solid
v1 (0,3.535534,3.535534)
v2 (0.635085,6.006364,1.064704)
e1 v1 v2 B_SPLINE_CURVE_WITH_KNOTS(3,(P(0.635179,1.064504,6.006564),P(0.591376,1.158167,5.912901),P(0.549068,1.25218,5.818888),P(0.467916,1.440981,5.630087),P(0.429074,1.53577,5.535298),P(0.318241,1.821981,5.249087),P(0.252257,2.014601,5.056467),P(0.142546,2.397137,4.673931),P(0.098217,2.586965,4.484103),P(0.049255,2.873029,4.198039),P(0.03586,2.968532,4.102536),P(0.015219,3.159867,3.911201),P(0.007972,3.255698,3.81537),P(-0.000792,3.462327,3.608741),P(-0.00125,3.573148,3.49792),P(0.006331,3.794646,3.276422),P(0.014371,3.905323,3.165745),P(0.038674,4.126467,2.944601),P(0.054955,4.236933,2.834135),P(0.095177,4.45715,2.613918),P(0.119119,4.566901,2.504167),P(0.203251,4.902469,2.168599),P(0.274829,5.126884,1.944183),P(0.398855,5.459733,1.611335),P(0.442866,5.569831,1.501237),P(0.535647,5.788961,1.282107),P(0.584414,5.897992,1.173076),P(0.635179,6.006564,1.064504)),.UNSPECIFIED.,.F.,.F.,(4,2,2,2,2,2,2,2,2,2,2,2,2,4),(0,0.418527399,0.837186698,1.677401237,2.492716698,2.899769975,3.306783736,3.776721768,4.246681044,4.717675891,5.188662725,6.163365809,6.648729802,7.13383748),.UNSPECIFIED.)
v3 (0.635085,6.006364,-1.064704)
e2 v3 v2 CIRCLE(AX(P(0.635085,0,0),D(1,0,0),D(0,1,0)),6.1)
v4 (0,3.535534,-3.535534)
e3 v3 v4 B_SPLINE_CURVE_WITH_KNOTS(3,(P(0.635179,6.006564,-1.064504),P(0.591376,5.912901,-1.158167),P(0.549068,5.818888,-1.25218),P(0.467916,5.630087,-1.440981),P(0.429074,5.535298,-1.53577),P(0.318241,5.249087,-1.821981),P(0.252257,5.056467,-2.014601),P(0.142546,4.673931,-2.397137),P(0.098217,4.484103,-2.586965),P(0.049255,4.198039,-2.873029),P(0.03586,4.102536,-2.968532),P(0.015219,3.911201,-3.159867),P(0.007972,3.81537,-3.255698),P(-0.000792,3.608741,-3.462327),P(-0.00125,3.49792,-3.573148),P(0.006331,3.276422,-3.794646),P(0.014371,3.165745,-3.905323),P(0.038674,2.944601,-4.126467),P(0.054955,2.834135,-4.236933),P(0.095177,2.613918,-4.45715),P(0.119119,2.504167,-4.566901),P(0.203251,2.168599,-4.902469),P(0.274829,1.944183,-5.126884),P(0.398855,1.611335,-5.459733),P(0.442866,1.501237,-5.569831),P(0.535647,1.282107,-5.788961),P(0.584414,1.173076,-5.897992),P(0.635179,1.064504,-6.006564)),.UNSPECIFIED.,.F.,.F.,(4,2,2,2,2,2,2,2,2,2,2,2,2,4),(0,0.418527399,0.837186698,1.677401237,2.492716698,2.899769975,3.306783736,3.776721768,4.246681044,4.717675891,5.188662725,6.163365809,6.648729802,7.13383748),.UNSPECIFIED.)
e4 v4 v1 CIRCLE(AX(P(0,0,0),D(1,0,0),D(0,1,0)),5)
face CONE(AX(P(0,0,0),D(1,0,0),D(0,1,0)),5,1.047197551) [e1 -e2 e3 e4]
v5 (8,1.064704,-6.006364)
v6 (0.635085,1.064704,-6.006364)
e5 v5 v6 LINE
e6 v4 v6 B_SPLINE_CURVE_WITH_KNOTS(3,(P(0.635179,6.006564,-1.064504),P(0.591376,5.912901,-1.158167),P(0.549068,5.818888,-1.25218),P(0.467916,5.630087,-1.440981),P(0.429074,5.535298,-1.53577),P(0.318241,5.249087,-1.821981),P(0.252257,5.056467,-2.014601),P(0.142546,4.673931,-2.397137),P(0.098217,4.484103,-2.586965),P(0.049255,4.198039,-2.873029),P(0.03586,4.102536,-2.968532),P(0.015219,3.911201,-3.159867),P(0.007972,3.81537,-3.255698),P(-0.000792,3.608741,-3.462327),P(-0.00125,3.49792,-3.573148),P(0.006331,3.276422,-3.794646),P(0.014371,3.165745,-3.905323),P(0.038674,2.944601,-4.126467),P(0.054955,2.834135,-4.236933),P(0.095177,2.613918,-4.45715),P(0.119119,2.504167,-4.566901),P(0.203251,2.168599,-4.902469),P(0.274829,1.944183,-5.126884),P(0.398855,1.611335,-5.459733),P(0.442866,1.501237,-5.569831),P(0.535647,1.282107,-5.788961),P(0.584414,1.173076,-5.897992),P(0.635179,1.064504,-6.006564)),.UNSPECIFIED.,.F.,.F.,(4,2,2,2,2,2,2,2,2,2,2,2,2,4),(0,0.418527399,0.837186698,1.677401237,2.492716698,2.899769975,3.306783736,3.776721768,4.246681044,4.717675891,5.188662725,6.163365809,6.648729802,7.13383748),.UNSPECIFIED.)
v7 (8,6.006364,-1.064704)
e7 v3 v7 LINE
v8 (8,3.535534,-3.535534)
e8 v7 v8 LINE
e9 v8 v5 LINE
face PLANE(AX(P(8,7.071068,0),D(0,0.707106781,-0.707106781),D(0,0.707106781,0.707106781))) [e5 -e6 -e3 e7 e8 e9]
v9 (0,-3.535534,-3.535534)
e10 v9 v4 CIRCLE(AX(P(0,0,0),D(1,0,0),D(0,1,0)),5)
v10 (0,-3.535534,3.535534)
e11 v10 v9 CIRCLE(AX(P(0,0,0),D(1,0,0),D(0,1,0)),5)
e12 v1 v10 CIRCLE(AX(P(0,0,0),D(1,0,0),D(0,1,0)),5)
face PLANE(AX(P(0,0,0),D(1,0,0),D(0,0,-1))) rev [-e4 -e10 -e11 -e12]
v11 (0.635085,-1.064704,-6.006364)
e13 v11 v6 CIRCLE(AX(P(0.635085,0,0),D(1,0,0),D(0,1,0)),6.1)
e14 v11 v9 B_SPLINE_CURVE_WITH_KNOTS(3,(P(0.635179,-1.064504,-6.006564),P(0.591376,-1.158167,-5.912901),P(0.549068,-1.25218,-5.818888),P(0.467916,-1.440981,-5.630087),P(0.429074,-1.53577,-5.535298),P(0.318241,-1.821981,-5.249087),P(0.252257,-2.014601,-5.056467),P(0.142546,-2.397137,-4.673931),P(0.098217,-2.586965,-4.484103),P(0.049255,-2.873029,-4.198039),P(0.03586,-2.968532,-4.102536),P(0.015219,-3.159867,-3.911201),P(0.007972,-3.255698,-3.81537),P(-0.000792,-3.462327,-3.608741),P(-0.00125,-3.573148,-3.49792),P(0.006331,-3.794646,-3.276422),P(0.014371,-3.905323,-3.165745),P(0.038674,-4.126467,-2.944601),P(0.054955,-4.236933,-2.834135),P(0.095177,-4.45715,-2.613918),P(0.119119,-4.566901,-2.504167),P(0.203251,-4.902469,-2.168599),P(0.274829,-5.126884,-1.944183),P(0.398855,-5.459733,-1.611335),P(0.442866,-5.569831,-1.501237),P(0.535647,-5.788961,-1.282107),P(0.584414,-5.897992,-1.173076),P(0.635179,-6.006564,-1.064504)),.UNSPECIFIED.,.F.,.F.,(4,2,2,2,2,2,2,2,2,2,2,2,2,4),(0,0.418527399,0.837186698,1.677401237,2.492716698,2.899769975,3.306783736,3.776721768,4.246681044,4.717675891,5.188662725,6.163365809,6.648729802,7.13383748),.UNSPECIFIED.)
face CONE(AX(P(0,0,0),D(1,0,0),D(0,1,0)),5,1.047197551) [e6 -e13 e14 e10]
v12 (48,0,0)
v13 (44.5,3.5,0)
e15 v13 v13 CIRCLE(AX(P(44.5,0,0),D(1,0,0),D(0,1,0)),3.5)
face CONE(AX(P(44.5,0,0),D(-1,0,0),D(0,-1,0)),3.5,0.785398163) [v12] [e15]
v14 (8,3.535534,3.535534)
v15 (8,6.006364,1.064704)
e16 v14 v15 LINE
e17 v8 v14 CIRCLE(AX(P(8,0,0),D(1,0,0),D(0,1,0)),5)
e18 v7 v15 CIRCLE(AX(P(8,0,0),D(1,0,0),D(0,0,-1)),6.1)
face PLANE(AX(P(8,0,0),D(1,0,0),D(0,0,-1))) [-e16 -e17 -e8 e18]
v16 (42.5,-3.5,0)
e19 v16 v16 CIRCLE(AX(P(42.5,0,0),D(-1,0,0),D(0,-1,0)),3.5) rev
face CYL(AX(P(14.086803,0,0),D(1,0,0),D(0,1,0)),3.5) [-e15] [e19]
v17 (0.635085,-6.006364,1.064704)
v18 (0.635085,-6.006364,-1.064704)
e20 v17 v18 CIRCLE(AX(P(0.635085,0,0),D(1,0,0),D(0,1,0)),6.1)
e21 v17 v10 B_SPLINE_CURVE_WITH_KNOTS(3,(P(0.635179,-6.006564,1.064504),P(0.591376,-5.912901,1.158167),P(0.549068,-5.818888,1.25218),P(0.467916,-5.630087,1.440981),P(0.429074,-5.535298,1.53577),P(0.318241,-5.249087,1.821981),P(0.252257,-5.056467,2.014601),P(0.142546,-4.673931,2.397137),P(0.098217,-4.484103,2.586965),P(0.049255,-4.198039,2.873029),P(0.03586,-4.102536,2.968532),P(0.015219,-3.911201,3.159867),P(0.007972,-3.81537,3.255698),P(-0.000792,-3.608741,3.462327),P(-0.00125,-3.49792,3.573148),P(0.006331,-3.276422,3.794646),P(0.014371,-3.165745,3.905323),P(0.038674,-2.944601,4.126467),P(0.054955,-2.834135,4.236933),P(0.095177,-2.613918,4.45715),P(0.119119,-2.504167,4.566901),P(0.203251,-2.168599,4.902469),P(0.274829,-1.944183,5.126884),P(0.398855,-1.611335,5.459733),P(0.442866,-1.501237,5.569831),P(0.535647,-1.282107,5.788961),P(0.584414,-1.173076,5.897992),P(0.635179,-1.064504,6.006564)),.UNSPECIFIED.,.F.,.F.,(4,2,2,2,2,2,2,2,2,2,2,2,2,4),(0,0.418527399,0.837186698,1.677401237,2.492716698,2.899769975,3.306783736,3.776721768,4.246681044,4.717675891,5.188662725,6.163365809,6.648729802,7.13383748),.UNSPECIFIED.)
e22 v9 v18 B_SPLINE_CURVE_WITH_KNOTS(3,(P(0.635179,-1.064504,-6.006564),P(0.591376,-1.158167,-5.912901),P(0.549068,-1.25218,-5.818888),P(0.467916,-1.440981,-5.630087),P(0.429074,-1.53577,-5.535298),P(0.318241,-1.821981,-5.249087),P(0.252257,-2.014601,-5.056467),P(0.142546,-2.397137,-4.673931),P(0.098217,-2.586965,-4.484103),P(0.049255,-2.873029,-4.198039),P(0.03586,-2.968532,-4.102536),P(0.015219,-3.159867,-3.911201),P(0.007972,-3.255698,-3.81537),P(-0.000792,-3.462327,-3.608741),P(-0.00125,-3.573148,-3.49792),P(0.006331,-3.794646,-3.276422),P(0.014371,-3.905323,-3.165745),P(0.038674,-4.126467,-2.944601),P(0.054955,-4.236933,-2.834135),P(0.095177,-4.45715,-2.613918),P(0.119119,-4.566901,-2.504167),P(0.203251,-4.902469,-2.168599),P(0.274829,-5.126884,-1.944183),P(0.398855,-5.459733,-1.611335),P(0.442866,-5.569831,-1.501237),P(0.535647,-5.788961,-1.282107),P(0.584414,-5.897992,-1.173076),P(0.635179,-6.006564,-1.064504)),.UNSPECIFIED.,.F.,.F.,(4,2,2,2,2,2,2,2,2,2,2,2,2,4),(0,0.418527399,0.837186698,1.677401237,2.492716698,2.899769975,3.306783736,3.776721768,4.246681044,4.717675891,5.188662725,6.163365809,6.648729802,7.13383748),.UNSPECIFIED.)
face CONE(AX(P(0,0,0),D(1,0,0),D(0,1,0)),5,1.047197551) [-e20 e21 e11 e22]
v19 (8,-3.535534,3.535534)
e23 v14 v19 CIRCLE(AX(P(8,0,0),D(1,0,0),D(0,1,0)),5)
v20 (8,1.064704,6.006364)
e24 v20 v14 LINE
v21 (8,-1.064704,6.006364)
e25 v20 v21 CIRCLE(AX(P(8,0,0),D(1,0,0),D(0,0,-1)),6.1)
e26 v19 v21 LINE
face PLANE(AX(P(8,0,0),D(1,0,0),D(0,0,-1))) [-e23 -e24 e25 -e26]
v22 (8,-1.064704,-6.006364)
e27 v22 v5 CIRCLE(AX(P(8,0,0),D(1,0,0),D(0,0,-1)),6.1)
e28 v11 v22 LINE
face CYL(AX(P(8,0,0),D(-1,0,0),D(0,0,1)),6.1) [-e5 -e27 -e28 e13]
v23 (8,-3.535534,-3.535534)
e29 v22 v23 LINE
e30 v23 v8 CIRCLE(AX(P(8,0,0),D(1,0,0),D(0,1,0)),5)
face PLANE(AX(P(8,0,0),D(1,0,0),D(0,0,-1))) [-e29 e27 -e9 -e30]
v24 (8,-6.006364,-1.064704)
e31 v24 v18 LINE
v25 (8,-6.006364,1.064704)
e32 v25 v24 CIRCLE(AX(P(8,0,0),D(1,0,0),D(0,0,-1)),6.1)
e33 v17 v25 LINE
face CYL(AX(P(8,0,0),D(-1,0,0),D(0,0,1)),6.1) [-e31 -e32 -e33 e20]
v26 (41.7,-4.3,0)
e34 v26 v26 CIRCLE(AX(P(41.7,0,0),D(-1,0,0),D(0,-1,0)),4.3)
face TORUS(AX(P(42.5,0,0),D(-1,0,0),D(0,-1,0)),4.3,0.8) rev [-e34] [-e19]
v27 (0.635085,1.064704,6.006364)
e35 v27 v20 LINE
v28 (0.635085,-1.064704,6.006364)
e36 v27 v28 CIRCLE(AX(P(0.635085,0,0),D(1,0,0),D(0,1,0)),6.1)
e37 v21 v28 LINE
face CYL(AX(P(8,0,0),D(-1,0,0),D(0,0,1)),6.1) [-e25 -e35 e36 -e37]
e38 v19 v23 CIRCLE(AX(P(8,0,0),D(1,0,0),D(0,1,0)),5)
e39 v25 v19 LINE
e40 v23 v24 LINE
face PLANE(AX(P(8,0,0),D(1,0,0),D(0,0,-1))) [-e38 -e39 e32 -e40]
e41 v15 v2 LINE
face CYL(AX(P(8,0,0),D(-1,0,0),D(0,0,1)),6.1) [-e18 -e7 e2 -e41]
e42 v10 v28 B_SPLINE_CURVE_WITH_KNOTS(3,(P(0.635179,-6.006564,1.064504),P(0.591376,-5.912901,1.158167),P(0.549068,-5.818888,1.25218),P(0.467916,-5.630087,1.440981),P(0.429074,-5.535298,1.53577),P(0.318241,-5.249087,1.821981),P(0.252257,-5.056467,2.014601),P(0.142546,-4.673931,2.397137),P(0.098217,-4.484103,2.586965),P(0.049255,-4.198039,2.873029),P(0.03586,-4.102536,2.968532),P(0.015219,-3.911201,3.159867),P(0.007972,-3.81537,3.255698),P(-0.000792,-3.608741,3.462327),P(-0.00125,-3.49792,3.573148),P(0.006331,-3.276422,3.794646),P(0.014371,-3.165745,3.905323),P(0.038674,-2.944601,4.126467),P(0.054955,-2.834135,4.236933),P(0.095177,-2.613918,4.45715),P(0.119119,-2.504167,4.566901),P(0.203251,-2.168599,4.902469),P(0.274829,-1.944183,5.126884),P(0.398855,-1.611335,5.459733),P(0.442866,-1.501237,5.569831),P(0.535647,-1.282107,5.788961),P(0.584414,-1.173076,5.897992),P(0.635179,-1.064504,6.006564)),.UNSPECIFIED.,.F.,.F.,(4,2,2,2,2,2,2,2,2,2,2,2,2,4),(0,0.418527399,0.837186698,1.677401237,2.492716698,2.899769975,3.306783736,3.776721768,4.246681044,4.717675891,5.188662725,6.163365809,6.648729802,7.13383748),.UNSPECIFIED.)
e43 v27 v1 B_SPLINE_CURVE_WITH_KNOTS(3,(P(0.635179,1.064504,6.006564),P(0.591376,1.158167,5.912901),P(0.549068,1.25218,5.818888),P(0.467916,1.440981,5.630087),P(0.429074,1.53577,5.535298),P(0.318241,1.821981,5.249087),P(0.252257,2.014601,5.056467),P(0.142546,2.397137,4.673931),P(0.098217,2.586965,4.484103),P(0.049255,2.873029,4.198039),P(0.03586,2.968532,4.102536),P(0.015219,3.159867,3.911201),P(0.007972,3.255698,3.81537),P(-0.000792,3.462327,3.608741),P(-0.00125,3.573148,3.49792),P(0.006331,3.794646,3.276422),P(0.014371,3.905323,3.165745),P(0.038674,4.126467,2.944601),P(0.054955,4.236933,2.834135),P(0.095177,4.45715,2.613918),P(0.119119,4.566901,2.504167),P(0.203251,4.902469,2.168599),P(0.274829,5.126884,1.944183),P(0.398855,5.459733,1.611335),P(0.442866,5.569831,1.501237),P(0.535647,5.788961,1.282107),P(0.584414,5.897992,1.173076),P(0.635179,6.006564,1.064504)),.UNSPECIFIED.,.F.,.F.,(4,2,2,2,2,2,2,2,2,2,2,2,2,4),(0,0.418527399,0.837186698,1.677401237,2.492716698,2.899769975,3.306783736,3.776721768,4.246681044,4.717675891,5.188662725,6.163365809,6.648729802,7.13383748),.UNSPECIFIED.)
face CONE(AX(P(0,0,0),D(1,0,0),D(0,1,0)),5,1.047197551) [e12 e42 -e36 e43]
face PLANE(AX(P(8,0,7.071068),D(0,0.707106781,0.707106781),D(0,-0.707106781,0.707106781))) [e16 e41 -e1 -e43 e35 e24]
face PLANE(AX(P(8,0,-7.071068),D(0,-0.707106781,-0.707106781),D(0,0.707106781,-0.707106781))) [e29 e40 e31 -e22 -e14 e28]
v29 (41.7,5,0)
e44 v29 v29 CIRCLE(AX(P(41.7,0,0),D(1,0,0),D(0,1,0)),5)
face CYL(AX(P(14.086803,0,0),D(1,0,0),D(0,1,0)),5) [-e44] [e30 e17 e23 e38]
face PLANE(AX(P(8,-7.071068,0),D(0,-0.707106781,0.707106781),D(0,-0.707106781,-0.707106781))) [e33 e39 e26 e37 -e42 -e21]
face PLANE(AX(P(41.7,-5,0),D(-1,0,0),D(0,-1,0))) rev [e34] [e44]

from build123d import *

# Parameters (mm, degrees)
SKETCH1_R          = 6.1
BASEHEAD_DEPTH     = 8
SKETCH2_OUTSIDE_W  = 18.004
SKETCH2_OUTSIDE_H  = 18.004
CUT_EXTRUDE1_DEPTH = 8
FILLET1_R          = 0.8


with BuildPart() as part:
    # Sketch1 → BaseHead (new body)
    with BuildSketch(Plane(origin=(0, 0, 0), x_dir=(0, 0, -1), z_dir=(1, 0, 0))):
        Circle(SKETCH1_R)
    extrude(amount=BASEHEAD_DEPTH)

    # Sketch2 outside → Cut-Extrude1 (cut)
    with BuildSketch(Plane(origin=(0, 2.662946325, -1.492108674), x_dir=(0, 0, 1), z_dir=(-1, 0, 0))):
        with Locations((1.492, -2.663)):
            Rectangle(SKETCH2_OUTSIDE_W, SKETCH2_OUTSIDE_H)
        Polygon((8.563176486, -2.662946325), (1.492108674, 4.408121487), (-5.578959138, -2.662946325), (1.492108674, -9.734014137), align=None, mode=Mode.SUBTRACT)
    extrude(amount=-CUT_EXTRUDE1_DEPTH, mode=Mode.SUBTRACT)

    # Sketch3 → Cut-Revolve1 (revolve, cut)
    with BuildSketch(Plane(origin=(1.259716749, -5.274716749, 0), x_dir=(0, -1, 0), z_dir=(0, 0, 1))):
        Polygon((-11.984716749, -1.259716749), (-10.274716749, -1.259716749), (-11.984716749, -0.272447788), align=None)
    revolve(axis=Axis((1.545283251, 0, 0), (-1, 0, 0)), mode=Mode.SUBTRACT)

    # Sketch4 → BaseBody (revolve)
    with BuildSketch(Plane(origin=(-10.34721472, 12.84721472, 0), x_dir=(0, -1, 0), z_dir=(0, 0, 1)), mode=Mode.PRIVATE) as basebody_sk:
        Polygon((12.84721472, 18.34721472), (17.84721472, 18.34721472), (17.84721472, 52.04721472), (16.34721472, 52.04721472), (16.34721472, 54.84721472), (12.84721472, 58.34721472), align=None)
    revolve(basebody_sk.sketch.rotate(Axis((14.086803097, 0, 0), (-1, 0, 0)), 180), axis=Axis((14.086803097, 0, 0), (-1, 0, 0)))

    # Fillet1
    fillet1_edges = [part.edges().sort_by_distance(p)[0] for p in [
        (41.7, -3.5, 0),
    ]]
    fillet(fillet1_edges, radius=FILLET1_R)


solid = part.part
